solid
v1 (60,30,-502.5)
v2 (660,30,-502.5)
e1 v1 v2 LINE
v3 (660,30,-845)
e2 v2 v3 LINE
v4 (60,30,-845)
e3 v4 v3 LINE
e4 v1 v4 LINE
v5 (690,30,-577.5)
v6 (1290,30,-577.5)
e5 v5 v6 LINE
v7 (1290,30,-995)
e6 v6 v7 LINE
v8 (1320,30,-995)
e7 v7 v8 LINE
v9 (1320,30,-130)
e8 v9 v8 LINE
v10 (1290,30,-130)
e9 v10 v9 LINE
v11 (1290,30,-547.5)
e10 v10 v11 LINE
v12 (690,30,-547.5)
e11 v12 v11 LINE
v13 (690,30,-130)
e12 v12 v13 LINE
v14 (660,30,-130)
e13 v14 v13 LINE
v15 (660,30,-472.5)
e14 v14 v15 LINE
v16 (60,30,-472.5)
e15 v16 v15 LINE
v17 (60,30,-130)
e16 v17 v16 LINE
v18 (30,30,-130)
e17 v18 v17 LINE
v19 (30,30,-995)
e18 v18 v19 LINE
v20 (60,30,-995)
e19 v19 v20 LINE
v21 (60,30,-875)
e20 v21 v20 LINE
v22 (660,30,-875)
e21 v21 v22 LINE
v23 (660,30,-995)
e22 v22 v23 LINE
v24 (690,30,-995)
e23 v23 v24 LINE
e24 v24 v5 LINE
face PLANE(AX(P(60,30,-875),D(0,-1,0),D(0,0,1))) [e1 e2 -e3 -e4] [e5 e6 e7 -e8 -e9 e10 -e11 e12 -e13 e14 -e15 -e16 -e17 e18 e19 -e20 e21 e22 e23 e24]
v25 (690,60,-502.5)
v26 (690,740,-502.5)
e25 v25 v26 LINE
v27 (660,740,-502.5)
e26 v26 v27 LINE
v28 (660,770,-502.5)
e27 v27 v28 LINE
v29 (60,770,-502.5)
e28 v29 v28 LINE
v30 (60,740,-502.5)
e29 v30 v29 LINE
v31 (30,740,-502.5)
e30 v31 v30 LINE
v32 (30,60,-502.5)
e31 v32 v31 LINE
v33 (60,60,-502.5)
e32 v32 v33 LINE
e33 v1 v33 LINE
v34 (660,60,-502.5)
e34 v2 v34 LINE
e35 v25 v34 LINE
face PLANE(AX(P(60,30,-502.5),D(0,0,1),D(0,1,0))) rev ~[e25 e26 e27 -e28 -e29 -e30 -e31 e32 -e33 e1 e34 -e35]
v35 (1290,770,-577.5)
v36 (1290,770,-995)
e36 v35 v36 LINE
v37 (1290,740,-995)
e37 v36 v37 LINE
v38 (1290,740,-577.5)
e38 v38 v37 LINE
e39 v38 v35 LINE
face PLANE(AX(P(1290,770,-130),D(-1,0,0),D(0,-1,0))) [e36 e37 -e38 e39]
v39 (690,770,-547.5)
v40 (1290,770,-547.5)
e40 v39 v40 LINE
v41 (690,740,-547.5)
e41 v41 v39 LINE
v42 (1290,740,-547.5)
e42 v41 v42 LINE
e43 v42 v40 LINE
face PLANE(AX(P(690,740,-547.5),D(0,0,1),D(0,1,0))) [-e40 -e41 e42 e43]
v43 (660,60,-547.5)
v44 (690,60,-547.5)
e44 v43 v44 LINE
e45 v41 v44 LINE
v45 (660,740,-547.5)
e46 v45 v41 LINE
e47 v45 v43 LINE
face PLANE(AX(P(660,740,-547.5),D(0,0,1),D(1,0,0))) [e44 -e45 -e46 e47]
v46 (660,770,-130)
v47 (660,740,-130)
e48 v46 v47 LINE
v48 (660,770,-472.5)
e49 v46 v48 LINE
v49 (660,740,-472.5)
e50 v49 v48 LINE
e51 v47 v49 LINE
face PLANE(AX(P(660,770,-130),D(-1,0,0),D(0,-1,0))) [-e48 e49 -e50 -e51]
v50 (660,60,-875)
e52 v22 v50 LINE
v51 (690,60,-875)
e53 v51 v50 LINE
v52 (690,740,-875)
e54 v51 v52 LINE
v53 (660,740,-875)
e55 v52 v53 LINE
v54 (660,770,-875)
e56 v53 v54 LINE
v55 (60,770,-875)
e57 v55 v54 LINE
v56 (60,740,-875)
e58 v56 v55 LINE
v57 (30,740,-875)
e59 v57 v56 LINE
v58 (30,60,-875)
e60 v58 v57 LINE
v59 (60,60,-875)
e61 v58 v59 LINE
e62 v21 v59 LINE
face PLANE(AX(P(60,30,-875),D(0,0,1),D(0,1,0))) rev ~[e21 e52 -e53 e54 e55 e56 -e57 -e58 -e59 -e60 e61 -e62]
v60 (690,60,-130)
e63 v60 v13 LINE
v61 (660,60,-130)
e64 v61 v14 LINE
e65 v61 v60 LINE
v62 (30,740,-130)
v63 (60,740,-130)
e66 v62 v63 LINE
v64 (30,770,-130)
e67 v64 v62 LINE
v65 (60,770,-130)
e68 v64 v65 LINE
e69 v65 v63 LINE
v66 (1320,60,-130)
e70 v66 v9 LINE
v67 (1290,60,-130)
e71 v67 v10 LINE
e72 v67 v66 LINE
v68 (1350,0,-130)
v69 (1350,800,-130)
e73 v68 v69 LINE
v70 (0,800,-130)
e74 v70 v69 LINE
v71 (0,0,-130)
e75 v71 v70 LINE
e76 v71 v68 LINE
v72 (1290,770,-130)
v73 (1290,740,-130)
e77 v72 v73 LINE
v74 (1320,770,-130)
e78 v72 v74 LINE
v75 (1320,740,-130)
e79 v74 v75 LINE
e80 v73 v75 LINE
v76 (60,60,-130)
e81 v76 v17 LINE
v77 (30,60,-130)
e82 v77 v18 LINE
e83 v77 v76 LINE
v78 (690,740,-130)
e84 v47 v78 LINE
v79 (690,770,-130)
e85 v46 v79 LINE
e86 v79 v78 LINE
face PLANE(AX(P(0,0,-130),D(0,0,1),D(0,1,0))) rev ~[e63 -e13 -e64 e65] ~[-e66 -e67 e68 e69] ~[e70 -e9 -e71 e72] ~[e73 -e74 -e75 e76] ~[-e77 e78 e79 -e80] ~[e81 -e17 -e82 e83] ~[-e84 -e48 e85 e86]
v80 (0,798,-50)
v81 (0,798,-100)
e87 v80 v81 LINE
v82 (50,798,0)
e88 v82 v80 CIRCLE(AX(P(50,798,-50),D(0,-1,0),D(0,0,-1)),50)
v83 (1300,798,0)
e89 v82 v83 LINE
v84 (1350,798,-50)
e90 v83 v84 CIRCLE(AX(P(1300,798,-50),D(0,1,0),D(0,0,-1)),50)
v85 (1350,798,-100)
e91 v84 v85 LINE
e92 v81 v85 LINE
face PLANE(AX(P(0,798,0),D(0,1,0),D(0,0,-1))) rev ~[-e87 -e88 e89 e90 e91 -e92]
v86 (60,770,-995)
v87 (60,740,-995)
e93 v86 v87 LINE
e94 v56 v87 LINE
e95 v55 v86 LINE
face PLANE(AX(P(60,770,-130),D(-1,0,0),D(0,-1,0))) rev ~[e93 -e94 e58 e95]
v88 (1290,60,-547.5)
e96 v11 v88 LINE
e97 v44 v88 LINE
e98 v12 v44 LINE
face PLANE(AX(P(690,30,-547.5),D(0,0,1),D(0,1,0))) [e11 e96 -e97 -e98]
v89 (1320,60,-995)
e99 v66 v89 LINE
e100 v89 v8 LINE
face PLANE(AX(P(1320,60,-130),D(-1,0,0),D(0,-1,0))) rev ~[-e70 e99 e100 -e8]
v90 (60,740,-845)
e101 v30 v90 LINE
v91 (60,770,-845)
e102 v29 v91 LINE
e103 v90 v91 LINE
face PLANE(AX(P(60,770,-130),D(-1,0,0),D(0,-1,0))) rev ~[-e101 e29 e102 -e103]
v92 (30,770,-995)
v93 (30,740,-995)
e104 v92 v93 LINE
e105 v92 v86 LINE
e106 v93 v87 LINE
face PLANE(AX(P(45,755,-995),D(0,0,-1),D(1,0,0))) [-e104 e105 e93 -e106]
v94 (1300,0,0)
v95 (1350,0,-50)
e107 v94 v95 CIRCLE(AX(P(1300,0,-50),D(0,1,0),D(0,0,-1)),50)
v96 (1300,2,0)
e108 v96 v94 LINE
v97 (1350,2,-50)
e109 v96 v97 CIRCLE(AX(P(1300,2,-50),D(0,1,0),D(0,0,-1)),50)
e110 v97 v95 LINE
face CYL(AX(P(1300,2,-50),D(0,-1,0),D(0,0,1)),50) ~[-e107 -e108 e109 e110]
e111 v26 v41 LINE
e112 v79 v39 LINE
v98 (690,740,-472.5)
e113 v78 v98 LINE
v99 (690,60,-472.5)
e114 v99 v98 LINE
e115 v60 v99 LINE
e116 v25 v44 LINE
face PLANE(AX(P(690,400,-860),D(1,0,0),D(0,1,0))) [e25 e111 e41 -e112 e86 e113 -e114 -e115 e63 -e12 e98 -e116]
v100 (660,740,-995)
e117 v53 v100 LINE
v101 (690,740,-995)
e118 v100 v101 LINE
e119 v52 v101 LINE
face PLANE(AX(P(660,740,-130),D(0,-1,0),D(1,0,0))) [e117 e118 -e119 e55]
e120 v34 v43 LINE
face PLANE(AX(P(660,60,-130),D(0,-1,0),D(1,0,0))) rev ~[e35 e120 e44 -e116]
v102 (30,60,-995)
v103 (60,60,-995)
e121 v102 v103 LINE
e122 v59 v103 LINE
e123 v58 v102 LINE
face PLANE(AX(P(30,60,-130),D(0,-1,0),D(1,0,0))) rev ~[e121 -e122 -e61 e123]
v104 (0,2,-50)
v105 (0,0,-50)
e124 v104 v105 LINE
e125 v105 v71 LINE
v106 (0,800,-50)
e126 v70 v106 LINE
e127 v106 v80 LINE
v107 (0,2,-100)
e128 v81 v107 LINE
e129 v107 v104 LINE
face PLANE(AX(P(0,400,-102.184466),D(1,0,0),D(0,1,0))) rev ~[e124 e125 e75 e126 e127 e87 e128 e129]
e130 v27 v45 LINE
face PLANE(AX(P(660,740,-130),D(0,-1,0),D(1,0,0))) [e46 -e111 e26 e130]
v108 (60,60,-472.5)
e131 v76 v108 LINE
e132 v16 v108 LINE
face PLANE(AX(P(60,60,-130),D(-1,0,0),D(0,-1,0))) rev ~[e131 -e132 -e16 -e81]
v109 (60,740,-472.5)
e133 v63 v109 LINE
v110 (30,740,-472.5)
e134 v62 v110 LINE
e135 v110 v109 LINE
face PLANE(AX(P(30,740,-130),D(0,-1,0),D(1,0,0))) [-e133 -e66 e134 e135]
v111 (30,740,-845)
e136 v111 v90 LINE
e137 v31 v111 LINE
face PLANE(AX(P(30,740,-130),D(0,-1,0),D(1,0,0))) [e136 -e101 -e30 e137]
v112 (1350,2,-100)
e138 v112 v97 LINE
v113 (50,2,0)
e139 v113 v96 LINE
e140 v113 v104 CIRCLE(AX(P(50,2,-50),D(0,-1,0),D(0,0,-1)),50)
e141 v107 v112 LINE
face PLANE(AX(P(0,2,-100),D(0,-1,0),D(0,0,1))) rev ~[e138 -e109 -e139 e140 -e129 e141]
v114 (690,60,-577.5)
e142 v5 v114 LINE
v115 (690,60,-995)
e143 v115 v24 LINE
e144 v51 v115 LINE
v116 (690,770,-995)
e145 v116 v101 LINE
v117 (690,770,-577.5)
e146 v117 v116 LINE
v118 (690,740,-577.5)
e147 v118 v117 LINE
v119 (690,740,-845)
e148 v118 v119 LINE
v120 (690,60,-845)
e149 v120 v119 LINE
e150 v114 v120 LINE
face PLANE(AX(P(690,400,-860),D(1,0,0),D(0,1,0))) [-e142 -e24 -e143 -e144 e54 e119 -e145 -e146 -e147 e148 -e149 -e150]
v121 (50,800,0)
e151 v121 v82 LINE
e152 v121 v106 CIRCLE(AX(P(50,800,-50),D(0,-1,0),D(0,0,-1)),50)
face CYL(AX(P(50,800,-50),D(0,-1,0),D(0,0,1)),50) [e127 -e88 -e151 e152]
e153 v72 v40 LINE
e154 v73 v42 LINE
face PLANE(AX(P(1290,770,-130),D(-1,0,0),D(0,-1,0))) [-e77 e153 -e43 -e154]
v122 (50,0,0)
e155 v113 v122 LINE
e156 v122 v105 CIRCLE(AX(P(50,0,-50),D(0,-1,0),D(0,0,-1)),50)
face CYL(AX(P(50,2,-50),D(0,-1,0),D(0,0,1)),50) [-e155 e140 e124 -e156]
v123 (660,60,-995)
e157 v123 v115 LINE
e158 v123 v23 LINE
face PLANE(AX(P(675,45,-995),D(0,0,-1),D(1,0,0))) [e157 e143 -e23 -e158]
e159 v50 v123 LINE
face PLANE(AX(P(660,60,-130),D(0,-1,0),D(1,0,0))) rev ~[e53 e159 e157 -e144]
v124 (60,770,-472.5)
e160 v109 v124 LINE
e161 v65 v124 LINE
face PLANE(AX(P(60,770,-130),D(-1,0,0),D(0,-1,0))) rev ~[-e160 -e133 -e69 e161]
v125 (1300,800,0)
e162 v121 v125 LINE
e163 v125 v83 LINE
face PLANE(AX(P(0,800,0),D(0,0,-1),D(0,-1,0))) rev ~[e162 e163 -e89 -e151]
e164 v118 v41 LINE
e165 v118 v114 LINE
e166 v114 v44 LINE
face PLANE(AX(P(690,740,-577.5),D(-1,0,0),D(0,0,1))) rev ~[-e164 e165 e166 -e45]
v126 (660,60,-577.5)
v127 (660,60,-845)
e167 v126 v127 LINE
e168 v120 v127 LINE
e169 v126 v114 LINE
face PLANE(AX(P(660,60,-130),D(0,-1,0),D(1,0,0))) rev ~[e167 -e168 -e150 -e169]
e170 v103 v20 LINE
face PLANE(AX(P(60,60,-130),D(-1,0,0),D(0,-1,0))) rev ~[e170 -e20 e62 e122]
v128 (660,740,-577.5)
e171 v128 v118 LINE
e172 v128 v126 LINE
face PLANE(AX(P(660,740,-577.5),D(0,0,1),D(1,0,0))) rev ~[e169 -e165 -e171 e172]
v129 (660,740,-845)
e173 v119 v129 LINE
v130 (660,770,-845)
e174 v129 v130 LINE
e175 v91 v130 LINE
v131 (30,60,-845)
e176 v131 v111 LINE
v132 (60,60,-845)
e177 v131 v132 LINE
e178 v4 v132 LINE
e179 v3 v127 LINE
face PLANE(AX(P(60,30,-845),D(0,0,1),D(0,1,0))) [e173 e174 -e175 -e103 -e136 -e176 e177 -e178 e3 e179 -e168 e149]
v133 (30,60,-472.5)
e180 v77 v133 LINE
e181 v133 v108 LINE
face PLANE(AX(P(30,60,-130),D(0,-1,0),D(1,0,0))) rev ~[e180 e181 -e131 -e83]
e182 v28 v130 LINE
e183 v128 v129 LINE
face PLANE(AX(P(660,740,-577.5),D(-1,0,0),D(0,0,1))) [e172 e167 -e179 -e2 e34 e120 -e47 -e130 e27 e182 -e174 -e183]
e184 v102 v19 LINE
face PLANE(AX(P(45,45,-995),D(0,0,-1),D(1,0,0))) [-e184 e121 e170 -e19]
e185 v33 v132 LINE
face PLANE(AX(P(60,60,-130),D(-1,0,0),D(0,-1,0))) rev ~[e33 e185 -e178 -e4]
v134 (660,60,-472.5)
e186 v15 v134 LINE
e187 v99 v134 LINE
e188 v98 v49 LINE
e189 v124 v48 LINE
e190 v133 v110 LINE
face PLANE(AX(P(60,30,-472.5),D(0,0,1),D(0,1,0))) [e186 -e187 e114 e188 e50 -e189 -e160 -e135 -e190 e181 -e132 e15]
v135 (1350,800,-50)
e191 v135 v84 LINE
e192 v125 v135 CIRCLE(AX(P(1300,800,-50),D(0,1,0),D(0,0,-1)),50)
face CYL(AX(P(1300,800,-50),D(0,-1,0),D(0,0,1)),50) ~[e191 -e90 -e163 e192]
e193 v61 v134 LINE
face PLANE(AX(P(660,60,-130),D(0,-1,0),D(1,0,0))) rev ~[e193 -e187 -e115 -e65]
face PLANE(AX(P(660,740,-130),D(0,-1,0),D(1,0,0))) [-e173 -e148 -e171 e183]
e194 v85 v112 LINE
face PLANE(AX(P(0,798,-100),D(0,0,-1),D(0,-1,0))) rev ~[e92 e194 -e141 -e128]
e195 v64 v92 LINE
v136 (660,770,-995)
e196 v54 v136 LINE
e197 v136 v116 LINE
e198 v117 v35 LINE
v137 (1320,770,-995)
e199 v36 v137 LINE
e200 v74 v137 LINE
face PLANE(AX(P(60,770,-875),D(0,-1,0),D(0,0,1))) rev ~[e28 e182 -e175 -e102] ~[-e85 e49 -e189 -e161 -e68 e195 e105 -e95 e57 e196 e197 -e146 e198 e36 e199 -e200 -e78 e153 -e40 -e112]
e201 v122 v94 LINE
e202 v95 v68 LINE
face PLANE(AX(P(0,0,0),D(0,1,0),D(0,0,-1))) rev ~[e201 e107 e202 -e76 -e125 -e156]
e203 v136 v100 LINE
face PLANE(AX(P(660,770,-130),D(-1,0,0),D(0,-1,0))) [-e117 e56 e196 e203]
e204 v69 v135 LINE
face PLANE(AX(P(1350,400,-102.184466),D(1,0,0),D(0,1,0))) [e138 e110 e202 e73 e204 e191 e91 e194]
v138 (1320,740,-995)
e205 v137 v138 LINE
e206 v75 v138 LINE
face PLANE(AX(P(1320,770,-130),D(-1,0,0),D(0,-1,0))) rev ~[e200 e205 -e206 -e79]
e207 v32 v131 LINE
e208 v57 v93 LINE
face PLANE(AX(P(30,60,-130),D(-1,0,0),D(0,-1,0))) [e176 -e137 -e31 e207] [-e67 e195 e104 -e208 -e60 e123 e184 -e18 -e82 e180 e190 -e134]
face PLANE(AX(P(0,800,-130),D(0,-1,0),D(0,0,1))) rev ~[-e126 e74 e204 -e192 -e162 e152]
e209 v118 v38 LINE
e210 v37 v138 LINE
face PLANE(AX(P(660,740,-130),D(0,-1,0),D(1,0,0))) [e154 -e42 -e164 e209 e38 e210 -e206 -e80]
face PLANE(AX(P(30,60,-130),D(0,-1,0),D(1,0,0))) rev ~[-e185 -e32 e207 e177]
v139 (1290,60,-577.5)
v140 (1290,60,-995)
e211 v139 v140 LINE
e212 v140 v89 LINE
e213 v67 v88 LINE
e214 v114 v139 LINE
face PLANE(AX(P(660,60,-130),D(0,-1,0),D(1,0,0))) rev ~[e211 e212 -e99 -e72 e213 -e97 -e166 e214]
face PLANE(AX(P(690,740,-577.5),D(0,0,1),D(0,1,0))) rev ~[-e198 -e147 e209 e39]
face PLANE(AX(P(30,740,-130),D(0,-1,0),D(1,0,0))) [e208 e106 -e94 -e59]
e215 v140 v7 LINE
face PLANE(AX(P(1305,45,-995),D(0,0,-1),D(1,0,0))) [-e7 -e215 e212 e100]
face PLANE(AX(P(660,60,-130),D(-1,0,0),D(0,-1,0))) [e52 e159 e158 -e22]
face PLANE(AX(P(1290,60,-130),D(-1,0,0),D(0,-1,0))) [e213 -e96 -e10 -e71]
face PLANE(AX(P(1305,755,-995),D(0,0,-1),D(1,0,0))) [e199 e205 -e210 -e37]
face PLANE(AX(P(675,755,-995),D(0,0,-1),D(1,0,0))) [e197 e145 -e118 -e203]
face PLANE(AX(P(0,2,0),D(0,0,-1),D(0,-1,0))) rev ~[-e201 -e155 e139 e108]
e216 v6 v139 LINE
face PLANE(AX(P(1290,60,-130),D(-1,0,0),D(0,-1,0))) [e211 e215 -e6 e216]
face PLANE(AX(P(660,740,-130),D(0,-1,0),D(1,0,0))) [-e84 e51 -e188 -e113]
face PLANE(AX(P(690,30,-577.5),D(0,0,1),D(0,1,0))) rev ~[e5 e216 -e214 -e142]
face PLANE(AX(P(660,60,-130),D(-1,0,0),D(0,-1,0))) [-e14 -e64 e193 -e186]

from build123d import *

# Parameters (mm, degrees)
F1_DEPTH      = 1350
F2_R          = 50
F3_W          = 30
F3_H          = 30
F4_DEPTH      = 865
F5_W          = 740
F5_H          = 30
F6_DEPTH      = 630
F6_DEPTH_BACK = 30
F7_W          = 30
F7_H          = 30
F8_DEPTH      = 600
F9_W          = 30
F9_H          = 30
F10_DEPTH     = 680


with BuildPart() as f1:
    # F0 (on Right) → F1 (new body)
    with BuildSketch(Plane.YZ):
        Polygon((2, 0), (0, 0), (0, -130), (800, -130), (800, 0), (798, 0), (798, -100), (2, -100), align=None)
    extrude(amount=F1_DEPTH)

    # F2
    f2_edges = [f1.edges().sort_by_distance(p)[0] for p in [
        (1350, 1, 0),
        (1350, 799, 0),
        (0, 799, 0),
        (0, 1, 0),
    ]]
    fillet(f2_edges, radius=F2_R)

    # F3 (on face) → F4 (join)
    with BuildSketch(Plane(origin=(0, 0, -130), x_dir=(1, 0, 0), z_dir=(0, 0, -1))):
        with Locations((45, -45)):
            Rectangle(F3_W, F3_H)
        with Locations((1305, -45)):
            Rectangle(F3_W, F3_H)
        with Locations((1305, -755)):
            Rectangle(F3_W, F3_H)
        with Locations((45, -755)):
            Rectangle(F3_W, F3_H)
        with Locations((675, -45)):
            Rectangle(F3_W, F3_H)
        with Locations((675, -755)):
            Rectangle(F3_W, F3_H)
    extrude(amount=F4_DEPTH)

    # F5 (on face) → F6 (join, two sides)
    with BuildSketch(Plane.YZ.offset(60)) as f6_sk:
        with Locations((400, -860)):
            Rectangle(F5_W, F5_H)
        with Locations((400, -487.5)):
            Rectangle(F5_W, F5_H)
    extrude(amount=F6_DEPTH)
    extrude(f6_sk.sketch, amount=-F6_DEPTH_BACK)

    # F7 (on face) → F8 (join, through all)
    with BuildSketch(Plane.YZ.offset(690)):
        with Locations((45, -562.5)):
            Rectangle(F7_W, F7_H)
        with Locations((755, -562.5)):
            Rectangle(F7_W, F7_H)
    extrude(amount=F8_DEPTH)

    # F9 (on face) → F10 (join, through all)
    with BuildSketch(Plane.XZ.offset(-740)):
        with Locations((675, -562.5)):
            Rectangle(F9_W, F9_H)
    extrude(amount=F10_DEPTH)


solid = f1.part
